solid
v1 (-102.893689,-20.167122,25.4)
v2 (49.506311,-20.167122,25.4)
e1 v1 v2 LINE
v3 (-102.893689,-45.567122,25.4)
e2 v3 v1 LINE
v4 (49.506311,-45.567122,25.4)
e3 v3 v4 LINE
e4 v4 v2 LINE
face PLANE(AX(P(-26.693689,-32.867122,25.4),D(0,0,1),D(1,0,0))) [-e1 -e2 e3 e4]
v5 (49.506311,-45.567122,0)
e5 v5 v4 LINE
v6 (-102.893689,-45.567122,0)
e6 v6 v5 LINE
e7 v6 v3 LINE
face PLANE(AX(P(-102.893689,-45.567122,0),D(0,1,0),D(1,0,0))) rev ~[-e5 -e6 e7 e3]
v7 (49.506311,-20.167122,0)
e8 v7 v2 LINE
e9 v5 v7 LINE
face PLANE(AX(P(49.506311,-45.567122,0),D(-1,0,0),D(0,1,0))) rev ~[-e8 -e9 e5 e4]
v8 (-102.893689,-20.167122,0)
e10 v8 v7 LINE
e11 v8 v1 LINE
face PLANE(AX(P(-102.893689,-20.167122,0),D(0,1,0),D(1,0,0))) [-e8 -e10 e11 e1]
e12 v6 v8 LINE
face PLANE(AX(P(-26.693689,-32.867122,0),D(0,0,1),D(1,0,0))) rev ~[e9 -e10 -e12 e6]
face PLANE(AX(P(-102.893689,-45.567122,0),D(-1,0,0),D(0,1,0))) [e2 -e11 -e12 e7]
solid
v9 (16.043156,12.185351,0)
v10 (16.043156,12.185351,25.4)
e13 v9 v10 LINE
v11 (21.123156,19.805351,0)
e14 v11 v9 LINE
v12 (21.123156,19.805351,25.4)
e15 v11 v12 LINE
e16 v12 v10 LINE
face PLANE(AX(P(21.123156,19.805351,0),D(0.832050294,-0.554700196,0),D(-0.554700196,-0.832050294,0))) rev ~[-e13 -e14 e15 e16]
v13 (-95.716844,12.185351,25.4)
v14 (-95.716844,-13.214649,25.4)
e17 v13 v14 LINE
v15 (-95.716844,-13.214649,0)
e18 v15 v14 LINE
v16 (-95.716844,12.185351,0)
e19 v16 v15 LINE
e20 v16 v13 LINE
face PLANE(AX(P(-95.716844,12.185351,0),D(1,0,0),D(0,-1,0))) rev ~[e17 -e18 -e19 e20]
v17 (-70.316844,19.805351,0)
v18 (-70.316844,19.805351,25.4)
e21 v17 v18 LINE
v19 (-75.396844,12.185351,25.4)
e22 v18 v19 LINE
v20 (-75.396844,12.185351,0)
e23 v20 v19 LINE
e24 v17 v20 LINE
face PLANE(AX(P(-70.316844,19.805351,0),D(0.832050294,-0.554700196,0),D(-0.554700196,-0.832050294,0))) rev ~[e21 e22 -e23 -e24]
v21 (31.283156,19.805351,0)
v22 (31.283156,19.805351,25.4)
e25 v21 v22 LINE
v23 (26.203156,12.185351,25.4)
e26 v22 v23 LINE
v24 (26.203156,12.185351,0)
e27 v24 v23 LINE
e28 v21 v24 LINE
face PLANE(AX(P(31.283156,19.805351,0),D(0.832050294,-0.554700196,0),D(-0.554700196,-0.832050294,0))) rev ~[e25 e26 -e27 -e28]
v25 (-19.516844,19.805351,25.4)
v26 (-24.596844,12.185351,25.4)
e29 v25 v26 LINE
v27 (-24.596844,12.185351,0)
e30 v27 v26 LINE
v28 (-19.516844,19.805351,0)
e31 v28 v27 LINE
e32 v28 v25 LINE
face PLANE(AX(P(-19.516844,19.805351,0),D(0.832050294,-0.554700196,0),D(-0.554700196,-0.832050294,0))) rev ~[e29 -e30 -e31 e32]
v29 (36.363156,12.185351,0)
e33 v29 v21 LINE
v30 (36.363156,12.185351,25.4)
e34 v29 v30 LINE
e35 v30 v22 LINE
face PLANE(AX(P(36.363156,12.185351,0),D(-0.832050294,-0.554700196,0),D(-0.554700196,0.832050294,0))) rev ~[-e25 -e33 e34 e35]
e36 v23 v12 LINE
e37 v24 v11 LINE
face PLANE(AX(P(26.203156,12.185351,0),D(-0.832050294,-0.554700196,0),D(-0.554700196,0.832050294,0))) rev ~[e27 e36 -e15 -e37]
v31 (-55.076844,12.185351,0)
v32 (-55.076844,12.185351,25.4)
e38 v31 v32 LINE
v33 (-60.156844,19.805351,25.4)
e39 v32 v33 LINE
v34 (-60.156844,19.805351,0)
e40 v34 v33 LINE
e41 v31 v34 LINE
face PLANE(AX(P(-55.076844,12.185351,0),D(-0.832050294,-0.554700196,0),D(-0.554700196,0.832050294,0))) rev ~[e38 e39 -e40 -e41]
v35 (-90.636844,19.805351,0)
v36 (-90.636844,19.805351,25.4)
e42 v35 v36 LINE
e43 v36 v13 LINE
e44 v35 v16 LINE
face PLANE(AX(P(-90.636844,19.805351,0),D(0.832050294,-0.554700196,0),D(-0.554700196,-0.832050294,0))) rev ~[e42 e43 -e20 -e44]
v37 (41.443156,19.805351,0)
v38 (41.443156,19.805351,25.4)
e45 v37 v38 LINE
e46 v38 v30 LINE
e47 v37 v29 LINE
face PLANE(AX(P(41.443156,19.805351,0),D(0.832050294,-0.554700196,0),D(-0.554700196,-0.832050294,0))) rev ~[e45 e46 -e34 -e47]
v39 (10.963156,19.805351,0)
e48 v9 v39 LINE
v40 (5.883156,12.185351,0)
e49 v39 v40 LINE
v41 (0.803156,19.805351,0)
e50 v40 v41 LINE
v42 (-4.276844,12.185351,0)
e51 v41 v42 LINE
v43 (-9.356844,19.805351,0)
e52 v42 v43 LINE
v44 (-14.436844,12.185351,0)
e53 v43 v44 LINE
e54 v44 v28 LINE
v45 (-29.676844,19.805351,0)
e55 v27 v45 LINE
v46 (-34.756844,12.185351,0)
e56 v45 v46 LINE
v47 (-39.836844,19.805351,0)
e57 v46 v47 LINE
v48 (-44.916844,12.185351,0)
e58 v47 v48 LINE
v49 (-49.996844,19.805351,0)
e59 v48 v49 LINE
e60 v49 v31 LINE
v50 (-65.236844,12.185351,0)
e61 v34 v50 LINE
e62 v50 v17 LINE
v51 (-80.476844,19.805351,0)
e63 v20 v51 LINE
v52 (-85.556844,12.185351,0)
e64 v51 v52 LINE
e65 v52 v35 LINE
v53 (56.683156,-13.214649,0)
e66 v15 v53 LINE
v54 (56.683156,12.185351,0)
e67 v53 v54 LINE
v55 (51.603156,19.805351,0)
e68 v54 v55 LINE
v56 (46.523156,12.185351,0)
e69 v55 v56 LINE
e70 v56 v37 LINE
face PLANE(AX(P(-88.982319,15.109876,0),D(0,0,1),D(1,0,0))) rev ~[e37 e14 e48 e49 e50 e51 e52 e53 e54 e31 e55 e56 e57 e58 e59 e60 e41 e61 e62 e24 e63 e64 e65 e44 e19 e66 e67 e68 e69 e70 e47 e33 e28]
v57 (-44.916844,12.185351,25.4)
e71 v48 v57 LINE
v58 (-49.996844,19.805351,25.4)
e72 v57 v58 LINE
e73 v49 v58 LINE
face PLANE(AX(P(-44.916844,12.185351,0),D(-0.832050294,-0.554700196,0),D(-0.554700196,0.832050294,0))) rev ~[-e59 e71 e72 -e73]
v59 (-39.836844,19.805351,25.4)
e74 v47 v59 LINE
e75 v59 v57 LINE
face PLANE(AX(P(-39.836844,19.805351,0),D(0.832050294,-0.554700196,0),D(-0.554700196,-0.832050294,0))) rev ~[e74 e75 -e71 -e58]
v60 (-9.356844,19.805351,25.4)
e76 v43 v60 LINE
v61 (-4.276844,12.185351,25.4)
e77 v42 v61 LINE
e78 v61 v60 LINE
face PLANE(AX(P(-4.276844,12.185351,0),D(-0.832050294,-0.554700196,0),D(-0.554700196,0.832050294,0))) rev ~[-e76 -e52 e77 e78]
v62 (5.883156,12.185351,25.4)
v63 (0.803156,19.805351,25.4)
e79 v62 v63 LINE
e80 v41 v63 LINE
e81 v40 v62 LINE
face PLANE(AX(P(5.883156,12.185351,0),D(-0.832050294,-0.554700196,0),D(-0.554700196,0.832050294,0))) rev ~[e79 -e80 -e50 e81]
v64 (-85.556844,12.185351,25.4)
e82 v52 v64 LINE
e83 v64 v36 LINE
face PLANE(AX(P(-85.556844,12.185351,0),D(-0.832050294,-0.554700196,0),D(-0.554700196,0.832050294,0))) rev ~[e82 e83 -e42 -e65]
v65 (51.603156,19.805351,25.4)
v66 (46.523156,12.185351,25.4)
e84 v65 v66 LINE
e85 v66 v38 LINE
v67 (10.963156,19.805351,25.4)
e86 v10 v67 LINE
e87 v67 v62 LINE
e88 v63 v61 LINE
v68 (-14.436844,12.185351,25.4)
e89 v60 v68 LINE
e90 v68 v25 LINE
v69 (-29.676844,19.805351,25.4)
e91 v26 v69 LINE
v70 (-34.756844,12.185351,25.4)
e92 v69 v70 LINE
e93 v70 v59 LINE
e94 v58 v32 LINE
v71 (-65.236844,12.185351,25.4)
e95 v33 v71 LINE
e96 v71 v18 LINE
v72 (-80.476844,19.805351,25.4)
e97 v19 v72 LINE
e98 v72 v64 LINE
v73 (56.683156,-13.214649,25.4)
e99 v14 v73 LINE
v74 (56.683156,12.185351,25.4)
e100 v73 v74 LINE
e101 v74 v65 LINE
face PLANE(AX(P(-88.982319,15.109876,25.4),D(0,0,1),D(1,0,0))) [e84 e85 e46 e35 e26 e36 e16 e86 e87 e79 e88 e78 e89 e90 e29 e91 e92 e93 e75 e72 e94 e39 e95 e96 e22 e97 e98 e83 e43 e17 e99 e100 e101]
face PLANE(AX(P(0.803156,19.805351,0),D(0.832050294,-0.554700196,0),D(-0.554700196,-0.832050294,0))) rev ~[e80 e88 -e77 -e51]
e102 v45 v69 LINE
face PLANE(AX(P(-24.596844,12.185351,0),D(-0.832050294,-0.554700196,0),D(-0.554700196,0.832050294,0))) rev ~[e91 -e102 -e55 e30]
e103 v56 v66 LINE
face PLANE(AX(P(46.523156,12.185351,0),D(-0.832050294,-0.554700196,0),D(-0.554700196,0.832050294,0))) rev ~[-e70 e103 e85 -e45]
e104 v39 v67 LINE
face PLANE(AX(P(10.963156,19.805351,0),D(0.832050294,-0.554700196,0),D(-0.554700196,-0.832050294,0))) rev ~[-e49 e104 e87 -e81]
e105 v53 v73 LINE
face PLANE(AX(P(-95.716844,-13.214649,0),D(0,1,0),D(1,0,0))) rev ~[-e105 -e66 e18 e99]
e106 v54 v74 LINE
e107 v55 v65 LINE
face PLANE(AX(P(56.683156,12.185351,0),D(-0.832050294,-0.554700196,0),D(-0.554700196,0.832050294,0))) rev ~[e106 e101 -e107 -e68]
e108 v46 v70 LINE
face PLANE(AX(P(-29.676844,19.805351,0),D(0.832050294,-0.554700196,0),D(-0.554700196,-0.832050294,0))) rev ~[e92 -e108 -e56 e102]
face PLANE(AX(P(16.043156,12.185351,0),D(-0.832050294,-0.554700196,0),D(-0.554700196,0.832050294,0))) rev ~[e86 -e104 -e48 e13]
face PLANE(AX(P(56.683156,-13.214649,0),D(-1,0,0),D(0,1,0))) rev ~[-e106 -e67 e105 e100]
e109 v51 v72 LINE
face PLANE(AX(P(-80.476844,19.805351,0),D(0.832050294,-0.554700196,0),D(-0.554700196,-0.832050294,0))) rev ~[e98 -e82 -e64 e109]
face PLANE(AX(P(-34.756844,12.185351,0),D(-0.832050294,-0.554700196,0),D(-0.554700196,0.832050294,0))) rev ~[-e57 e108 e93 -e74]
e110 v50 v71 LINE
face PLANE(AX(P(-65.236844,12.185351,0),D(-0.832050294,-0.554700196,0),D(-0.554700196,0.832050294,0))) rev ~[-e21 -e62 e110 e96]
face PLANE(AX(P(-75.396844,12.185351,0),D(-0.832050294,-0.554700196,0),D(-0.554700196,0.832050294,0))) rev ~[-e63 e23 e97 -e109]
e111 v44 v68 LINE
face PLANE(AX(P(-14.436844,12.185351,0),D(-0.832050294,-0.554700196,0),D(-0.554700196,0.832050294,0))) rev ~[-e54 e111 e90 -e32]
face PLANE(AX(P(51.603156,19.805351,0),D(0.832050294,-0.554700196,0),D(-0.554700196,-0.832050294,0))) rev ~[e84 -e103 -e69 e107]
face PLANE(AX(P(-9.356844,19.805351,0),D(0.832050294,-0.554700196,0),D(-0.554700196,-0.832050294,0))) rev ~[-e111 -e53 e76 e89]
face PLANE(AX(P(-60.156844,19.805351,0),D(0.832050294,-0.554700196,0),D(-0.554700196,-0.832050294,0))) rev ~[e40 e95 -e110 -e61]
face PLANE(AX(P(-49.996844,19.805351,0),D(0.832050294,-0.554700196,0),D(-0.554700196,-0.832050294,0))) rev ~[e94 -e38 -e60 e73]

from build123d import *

# Parameters (mm, degrees)
F1_DEPTH = 25.4
F2_W     = 152.4
F2_H     = 25.4
F3_DEPTH = 25.4


with BuildPart() as f1:
    # F0 (on Top) → F1 (new body)
    with BuildSketch(Plane.XY):
        Polygon((-90.636844, 19.805351), (-90.636844, 12.185351), (-85.556844, 12.185351), align=None)
        Polygon((-90.636844, 19.805351), (-95.716844, 12.185351), (-90.636844, 12.185351), align=None)
        Polygon((-80.476844, 19.805351), (-85.556844, 12.185351), (-75.396844, 12.185351), align=None)
        Polygon((-70.316844, 19.805351), (-75.396844, 12.185351), (-65.236844, 12.185351), align=None)
        Polygon((-60.156844, 19.805351), (-65.236844, 12.185351), (-55.076844, 12.185351), align=None)
        Polygon((-49.996844, 19.805351), (-55.076844, 12.185351), (-44.916844, 12.185351), align=None)
        Polygon((-44.916844, 12.185351), (-34.756844, 12.185351), (-39.836844, 19.805351), align=None)
        Polygon((-34.756844, 12.185351), (-24.596844, 12.185351), (-29.676844, 19.805351), align=None)
        Polygon((-24.596844, 12.185351), (-14.436844, 12.185351), (-19.516844, 19.805351), align=None)
        Polygon((-14.436844, 12.185351), (-4.276844, 12.185351), (-9.356844, 19.805351), align=None)
        Polygon((-4.276844, 12.185351), (5.883156, 12.185351), (0.803156, 19.805351), align=None)
        Polygon((5.883156, 12.185351), (16.043156, 12.185351), (10.963156, 19.805351), align=None)
        Polygon((16.043156, 12.185351), (26.203156, 12.185351), (21.123156, 19.805351), align=None)
        Polygon((26.203156, 12.185351), (36.363156, 12.185351), (31.283156, 19.805351), align=None)
        Polygon((36.363156, 12.185351), (46.523156, 12.185351), (41.443156, 19.805351), align=None)
        Polygon((46.523156, 12.185351), (56.683156, 12.185351), (51.603156, 19.805351), align=None)
        Polygon((56.683156, -13.214649), (56.683156, 12.185351), (46.523156, 12.185351), (36.363156, 12.185351), (26.203156, 12.185351), (16.043156, 12.185351), (5.883156, 12.185351), (-4.276844, 12.185351), (-14.436844, 12.185351), (-24.596844, 12.185351), (-34.756844, 12.185351), (-44.916844, 12.185351), (-55.076844, 12.185351), (-65.236844, 12.185351), (-75.396844, 12.185351), (-85.556844, 12.185351), (-90.636844, 12.185351), (-95.716844, 12.185351), (-95.716844, -13.214649), align=None)
    extrude(amount=F1_DEPTH)


with BuildPart() as f3:
    # F2 (on Top) → F3 (new body)
    with BuildSketch(Plane.XY):
        with Locations((-26.693689, -32.867122)):
            Rectangle(F2_W, F2_H)
    extrude(amount=F3_DEPTH)


solid = Compound([f1.part, f3.part])
